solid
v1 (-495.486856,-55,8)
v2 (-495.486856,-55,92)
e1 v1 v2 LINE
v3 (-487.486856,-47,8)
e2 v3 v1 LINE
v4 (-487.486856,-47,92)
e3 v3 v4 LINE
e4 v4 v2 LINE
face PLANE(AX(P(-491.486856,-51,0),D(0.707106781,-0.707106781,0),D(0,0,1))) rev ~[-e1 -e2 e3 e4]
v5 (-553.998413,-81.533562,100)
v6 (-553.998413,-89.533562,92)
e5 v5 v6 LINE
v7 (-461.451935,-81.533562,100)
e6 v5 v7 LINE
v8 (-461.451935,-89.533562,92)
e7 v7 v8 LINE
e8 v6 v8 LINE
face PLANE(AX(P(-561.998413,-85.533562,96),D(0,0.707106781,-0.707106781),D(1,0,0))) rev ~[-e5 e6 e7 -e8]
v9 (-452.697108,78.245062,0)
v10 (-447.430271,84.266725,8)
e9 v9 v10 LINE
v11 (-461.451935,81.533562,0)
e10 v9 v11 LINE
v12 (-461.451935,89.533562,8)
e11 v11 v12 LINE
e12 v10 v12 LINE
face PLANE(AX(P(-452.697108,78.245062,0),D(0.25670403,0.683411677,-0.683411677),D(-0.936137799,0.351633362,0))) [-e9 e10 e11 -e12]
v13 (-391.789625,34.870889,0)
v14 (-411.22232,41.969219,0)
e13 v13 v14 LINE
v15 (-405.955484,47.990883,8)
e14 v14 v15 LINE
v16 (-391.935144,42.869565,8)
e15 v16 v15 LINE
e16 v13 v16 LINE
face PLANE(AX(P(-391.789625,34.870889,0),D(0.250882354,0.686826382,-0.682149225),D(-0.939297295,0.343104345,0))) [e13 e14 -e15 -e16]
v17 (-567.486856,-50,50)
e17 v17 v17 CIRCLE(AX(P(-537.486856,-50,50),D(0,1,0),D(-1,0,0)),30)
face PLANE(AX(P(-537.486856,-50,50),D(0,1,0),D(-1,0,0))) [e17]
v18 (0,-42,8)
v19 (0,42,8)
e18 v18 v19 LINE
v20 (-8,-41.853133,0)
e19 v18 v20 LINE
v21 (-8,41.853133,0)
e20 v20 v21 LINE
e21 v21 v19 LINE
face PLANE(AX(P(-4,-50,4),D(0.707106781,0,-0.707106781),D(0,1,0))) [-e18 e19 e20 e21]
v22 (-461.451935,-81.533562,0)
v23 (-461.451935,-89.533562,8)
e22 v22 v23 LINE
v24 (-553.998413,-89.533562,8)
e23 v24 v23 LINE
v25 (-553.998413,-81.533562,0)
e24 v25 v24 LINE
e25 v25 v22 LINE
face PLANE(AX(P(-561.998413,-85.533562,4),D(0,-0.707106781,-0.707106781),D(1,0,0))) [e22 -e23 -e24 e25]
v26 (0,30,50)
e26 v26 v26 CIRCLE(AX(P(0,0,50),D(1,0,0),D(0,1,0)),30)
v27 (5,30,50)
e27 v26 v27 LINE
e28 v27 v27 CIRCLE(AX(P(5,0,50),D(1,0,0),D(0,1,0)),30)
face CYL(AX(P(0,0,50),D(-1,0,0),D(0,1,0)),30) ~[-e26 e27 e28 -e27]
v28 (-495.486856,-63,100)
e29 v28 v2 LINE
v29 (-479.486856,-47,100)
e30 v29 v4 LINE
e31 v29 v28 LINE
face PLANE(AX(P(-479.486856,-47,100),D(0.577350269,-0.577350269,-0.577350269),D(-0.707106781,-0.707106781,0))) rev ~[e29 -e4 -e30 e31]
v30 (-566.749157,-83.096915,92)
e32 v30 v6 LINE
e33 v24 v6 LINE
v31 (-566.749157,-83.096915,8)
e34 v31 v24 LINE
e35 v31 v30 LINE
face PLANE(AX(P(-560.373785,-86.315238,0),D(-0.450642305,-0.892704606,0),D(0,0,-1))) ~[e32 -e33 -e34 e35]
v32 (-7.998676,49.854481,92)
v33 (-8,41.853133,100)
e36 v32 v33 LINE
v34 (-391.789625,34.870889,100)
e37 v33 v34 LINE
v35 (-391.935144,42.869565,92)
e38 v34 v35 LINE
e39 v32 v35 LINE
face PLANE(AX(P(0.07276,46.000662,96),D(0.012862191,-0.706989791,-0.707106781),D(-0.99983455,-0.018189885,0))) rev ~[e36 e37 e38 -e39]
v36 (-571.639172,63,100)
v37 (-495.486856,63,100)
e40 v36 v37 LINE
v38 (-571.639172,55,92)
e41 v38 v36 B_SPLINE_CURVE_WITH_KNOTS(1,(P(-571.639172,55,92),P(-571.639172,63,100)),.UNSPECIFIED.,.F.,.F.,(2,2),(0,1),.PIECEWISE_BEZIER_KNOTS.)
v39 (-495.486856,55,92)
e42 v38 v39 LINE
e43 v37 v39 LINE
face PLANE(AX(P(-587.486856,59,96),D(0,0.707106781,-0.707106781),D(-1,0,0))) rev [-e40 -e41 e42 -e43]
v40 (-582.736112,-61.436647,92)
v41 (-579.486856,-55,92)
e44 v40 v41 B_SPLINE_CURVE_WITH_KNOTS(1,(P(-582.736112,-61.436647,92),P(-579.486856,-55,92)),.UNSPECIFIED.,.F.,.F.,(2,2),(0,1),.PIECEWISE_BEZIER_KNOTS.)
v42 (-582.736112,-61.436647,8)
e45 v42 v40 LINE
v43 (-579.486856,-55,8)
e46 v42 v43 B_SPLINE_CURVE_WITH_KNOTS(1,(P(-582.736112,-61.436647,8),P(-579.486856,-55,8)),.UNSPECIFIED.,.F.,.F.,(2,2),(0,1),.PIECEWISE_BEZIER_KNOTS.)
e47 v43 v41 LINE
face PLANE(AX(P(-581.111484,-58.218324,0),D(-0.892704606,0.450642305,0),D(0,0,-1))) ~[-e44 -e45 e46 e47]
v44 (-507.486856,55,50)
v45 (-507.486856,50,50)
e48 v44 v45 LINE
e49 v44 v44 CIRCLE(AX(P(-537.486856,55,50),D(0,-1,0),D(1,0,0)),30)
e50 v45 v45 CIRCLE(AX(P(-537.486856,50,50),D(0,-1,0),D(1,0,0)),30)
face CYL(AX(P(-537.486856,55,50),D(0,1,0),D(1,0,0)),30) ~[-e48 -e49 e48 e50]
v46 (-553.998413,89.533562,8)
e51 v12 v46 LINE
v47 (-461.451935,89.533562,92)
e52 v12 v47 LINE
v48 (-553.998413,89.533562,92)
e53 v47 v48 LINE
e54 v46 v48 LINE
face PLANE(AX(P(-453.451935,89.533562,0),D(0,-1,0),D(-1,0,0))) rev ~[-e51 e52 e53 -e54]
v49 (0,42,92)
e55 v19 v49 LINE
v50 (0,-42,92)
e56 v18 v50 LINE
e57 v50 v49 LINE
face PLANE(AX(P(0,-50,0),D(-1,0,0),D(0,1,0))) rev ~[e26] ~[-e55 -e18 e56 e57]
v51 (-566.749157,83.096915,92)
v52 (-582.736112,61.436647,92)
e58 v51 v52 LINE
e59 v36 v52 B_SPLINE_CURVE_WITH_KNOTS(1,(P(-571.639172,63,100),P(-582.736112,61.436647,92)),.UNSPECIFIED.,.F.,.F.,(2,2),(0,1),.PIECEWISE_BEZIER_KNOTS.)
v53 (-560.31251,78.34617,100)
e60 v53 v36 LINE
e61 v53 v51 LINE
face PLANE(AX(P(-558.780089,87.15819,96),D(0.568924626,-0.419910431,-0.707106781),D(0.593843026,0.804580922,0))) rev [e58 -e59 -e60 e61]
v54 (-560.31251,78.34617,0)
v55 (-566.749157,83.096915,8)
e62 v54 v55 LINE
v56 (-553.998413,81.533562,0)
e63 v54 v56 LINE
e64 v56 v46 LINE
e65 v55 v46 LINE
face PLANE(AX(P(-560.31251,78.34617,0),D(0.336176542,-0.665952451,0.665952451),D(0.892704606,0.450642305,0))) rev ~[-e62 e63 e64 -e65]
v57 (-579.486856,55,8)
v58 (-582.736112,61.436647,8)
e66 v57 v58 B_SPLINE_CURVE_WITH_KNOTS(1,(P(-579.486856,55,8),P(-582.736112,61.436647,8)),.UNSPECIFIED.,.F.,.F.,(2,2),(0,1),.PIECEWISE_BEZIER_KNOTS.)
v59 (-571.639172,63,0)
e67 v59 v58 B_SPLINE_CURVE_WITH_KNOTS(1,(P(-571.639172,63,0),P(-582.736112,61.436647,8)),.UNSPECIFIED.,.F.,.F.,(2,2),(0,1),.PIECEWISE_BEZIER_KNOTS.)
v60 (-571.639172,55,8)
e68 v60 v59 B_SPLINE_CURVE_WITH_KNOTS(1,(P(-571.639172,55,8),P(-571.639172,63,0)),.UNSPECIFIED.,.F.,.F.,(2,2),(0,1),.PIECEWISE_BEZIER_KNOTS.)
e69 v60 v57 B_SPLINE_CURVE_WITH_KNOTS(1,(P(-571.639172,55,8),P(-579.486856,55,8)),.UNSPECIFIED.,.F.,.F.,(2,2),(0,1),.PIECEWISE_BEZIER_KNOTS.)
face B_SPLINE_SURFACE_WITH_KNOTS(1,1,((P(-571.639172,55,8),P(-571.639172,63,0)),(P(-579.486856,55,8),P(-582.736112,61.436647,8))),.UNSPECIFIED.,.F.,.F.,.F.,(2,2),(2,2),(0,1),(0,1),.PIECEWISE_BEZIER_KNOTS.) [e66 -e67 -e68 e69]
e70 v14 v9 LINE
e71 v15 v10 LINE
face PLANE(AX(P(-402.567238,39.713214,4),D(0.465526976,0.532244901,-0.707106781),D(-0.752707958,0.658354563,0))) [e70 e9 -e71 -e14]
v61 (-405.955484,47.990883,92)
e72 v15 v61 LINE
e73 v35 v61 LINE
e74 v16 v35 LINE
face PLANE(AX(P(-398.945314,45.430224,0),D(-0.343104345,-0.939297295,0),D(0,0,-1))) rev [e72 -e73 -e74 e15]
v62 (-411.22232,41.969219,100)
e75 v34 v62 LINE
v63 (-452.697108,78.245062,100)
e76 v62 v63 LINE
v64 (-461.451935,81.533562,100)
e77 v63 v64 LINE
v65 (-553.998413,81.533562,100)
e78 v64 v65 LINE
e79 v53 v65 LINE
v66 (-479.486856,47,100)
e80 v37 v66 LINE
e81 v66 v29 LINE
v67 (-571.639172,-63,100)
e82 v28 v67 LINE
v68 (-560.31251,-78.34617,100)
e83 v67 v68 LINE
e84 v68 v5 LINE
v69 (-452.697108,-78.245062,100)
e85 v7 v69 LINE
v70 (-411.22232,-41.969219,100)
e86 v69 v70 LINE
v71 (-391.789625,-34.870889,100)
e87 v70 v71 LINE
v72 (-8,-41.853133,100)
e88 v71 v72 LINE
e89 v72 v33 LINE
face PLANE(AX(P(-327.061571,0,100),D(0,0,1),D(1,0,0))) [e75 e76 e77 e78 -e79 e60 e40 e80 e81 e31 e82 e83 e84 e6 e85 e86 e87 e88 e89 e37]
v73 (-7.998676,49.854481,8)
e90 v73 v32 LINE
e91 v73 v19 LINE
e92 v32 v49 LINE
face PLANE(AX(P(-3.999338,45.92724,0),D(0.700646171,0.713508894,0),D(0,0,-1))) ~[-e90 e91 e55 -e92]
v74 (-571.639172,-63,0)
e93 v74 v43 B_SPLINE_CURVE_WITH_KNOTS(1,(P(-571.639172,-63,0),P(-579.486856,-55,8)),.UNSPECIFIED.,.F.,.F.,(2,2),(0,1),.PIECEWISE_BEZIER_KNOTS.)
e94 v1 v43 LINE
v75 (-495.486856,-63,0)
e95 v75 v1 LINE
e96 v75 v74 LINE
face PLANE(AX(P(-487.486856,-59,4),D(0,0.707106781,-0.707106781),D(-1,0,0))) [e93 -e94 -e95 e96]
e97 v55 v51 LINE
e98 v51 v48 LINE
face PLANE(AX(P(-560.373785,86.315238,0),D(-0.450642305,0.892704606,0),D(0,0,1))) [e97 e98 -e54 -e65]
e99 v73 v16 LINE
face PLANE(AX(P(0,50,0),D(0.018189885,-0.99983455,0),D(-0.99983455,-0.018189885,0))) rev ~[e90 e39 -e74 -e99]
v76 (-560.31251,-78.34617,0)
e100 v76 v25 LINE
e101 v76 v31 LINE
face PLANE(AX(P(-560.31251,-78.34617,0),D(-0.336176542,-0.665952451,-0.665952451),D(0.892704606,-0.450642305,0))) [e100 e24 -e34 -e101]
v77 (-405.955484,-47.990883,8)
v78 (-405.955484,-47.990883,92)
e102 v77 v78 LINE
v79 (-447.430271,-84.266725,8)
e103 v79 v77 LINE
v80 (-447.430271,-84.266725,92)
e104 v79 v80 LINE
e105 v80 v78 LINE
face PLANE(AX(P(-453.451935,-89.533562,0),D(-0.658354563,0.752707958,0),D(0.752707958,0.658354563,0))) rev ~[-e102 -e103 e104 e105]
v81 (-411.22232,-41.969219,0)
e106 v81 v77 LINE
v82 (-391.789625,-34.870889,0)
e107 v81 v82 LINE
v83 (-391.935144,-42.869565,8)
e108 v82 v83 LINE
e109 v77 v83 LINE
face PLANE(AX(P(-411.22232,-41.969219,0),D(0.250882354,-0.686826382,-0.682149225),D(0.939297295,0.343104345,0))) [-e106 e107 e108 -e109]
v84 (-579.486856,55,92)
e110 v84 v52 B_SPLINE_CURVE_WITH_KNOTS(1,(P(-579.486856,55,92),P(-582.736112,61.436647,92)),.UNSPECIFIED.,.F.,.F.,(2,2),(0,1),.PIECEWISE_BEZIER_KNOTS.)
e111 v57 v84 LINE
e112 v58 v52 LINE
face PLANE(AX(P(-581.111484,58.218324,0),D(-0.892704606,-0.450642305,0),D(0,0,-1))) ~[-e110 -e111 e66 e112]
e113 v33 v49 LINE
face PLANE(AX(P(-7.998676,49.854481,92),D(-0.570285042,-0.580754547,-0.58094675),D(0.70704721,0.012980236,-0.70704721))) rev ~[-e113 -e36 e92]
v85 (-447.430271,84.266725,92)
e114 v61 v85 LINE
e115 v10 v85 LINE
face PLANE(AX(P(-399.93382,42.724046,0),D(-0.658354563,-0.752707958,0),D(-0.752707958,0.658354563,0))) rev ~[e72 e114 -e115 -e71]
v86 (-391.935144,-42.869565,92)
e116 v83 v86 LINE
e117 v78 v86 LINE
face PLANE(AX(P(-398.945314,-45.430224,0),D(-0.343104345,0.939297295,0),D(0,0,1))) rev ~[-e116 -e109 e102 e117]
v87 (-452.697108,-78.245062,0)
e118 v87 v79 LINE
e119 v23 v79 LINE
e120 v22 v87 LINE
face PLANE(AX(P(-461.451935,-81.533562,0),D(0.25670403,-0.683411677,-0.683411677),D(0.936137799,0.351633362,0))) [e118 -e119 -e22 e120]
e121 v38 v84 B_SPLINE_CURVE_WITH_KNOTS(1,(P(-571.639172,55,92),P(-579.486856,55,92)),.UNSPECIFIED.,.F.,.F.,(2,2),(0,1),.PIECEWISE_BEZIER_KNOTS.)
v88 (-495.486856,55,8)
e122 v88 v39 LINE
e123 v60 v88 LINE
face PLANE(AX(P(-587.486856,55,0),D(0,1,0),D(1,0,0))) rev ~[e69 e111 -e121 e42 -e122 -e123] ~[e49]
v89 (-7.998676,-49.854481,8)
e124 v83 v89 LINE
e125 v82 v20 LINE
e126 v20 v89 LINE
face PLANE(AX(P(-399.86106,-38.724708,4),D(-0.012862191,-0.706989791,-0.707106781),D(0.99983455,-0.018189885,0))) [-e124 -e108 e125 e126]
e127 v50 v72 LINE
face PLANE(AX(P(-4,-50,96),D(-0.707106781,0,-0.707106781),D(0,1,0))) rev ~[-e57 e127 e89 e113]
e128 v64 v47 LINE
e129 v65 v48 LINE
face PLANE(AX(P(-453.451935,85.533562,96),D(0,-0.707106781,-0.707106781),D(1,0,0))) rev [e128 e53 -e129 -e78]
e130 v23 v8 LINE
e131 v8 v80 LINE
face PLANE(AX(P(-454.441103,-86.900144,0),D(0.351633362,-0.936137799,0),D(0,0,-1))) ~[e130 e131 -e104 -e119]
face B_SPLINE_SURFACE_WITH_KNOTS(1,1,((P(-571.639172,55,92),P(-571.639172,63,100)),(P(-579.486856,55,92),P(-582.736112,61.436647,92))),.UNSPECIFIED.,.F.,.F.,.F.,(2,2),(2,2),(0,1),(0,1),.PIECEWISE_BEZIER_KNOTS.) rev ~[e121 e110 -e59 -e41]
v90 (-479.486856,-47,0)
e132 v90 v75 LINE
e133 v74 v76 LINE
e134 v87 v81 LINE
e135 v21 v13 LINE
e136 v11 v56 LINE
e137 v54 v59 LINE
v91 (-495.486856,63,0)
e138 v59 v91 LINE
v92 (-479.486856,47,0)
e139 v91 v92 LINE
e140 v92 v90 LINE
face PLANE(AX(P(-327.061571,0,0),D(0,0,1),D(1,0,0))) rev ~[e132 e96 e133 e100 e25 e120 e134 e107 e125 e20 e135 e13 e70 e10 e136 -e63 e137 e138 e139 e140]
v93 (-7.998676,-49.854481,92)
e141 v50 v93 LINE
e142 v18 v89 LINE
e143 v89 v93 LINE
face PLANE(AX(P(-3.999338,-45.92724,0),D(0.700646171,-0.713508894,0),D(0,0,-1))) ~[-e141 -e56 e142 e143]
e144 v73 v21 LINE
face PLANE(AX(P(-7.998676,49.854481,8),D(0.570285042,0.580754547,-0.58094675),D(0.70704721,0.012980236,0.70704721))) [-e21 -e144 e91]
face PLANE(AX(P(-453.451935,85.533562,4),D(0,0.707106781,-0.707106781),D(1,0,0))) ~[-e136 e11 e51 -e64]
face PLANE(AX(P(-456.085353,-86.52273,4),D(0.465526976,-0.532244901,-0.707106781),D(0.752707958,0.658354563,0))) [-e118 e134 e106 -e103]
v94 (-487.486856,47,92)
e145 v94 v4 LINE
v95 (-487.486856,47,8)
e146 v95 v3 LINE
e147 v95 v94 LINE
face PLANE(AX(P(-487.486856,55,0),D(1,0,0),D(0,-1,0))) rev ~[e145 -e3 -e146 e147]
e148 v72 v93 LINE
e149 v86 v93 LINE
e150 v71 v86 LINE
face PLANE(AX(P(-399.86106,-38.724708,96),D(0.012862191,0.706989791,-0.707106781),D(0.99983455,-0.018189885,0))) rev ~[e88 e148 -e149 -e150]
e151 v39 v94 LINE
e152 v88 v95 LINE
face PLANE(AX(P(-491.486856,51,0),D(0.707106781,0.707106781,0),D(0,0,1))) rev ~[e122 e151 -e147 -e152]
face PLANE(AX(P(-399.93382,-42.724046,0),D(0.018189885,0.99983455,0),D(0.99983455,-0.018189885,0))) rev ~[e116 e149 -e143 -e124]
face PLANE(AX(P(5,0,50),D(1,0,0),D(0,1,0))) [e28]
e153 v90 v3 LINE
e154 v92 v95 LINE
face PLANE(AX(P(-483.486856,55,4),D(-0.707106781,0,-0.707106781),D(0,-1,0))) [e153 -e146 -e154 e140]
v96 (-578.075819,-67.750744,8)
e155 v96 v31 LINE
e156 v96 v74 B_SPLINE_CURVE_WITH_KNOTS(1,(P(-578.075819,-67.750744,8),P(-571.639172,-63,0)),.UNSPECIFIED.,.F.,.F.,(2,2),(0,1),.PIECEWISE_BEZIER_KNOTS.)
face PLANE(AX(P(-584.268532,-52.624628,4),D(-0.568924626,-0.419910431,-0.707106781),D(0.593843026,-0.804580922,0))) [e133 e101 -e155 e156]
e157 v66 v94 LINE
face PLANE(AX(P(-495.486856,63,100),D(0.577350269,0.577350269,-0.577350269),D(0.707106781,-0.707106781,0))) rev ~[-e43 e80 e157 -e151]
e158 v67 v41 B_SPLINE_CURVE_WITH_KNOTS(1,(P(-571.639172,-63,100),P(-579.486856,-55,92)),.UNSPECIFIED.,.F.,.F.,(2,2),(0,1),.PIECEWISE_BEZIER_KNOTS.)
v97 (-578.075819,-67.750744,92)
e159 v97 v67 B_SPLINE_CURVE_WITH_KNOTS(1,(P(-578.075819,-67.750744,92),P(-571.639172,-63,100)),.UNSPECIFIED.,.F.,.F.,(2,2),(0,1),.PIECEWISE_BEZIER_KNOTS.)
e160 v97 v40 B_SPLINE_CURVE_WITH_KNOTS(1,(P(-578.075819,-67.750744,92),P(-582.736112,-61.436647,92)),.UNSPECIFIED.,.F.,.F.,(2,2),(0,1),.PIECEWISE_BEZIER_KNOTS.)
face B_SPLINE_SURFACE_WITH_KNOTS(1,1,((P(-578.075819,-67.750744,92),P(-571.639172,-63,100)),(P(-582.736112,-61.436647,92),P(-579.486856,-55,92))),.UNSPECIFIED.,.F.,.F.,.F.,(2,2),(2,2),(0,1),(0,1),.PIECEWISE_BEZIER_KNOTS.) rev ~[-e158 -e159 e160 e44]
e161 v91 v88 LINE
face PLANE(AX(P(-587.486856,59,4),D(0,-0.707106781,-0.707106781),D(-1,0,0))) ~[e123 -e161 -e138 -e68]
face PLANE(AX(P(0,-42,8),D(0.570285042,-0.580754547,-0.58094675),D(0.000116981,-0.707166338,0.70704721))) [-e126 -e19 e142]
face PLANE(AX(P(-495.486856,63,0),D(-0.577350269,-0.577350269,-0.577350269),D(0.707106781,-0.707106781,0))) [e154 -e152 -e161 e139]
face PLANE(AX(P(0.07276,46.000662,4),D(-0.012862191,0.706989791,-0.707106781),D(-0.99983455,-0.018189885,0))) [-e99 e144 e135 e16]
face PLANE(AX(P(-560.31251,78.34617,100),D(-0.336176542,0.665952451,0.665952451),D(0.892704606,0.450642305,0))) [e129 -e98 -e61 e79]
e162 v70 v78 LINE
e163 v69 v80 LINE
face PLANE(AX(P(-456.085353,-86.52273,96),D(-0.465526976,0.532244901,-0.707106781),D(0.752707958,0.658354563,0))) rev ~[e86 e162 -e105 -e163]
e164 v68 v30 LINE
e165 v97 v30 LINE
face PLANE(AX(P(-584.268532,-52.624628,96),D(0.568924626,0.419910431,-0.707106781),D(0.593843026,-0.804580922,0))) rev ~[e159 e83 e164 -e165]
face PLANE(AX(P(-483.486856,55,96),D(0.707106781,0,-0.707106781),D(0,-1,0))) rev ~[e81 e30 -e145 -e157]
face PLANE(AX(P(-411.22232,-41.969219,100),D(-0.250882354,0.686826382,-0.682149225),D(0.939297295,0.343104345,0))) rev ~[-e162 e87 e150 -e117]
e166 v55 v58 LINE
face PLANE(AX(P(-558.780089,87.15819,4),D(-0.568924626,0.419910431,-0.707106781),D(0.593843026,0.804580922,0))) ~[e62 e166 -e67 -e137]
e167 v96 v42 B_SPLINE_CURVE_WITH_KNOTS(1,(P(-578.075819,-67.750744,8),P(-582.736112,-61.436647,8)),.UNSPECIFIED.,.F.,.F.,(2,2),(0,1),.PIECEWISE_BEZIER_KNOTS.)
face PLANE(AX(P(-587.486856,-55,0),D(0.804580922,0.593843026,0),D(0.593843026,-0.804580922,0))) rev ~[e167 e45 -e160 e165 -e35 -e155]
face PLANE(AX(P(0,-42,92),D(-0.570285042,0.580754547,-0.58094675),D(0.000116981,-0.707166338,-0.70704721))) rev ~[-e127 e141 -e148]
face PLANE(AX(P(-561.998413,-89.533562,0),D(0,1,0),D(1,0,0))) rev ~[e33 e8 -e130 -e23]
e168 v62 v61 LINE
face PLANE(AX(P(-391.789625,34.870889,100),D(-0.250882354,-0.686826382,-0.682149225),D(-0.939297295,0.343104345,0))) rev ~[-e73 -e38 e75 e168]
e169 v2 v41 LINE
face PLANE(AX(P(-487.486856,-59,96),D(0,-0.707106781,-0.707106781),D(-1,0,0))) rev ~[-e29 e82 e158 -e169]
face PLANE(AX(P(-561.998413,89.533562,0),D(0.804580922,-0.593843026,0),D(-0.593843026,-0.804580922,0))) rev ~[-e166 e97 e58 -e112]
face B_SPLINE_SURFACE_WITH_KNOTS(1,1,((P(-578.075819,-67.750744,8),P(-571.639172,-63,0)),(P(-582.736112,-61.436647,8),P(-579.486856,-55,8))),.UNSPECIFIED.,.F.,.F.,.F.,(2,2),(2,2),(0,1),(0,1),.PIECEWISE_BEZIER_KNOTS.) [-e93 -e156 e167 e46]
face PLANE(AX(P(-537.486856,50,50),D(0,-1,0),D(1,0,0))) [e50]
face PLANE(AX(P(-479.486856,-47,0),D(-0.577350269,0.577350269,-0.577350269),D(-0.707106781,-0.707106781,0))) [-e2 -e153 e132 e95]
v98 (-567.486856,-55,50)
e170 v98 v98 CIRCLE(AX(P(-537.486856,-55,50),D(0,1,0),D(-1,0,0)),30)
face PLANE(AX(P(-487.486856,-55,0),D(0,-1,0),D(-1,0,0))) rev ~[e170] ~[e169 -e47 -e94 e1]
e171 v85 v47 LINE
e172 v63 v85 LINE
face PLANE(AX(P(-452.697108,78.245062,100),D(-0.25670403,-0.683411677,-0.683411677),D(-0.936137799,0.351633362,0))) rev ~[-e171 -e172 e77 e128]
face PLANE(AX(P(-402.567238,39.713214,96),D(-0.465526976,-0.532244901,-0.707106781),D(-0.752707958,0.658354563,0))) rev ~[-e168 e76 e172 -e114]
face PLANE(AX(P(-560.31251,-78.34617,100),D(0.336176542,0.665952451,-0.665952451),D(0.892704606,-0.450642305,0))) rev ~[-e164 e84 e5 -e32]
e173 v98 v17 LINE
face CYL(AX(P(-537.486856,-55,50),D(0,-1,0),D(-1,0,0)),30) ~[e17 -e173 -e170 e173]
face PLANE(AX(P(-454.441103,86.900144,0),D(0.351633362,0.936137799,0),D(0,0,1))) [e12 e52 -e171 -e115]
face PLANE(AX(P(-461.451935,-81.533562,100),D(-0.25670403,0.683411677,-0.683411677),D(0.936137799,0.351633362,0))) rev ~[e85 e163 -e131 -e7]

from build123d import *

# Parameters (mm, degrees)
PAD_DEPTH    = 100
SKETCH001_R  = 30
PAD001_DEPTH = 5
SKETCH002_R  = 30
PAD002_DEPTH = 5
SKETCH003_R  = 30
PAD003_DEPTH = 5
CHAMFER_SIZE = 8


with BuildPart() as part:
    # Sketch → Pad (new body)
    with BuildSketch(Plane.XY):
        Polygon((-561.998413, 89.533562), (-587.486856, 55), (-487.486856, 55), (-487.486856, -55), (-587.486856, -55), (-561.998413, -89.533562), (-453.451935, -89.533562), (-399.93382, -42.724046), (0, -50), (0, 50), (-399.93382, 42.724046), (-453.451935, 89.533562), align=None)
    extrude(amount=PAD_DEPTH)

    # Sketch001 (on Face9 of Pad) → Pad001 (join)
    with BuildSketch(Plane.YZ):
        with Locations((0, 50)):
            Circle(SKETCH001_R)
    extrude(amount=PAD001_DEPTH)

    # Sketch002 (on Face3 of Pad001) → Pad002 (join)
    with BuildSketch(Plane.XZ.offset(-55)):
        with Locations((-537.486856, 50)):
            Circle(SKETCH002_R)
    extrude(amount=PAD002_DEPTH)

    # Sketch003 (on Face9 of Pad002) → Pad003 (join)
    with BuildSketch(Plane(origin=(0, -55, 0), x_dir=(-1, 0, 0), z_dir=(0, 1, 0))):
        with Locations((537.486856, 50)):
            Circle(SKETCH003_R)
    extrude(amount=PAD003_DEPTH)

    # Chamfer
    chamfer_edges = [part.edges().sort_by_distance(p)[0] for p in [
        (-574.742634, 72.266781, 100),
        (-537.486856, 55, 100),
        (-487.486856, 0, 100),
        (-537.486856, -55, 100),
        (-574.742634, -72.266781, 100),
        (-507.725174, -89.533562, 100),
        (-426.692878, -66.128804, 100),
        (-199.96691, -46.362023, 100),
        (0, 0, 100),
        (-199.96691, 46.362023, 100),
        (-426.692878, 66.128804, 100),
        (-507.725174, 89.533562, 100),
        (-574.742634, 72.266781, 0),
        (-537.486856, 55, 0),
        (-487.486856, 0, 0),
        (-537.486856, -55, 0),
        (-574.742634, -72.266781, 0),
        (-507.725174, -89.533562, 0),
        (-426.692878, -66.128804, 0),
        (-199.96691, -46.362023, 0),
        (0, 0, 0),
        (-199.96691, 46.362023, 0),
        (-426.692878, 66.128804, 0),
        (-507.725174, 89.533562, 0),
        (-561.998413, -89.533562, 50),
        (-453.451935, -89.533562, 50),
        (-399.93382, -42.724046, 50),
        (0, -50, 50),
        (0, 50, 50),
        (-399.93382, 42.724046, 50),
        (-453.451935, 89.533562, 50),
        (-561.998413, 89.533562, 50),
        (-487.486856, 55, 50),
        (-487.486856, -55, 50),
        (-587.486856, 55, 50),
        (-587.486856, -55, 50),
    ]]
    chamfer(chamfer_edges, length=CHAMFER_SIZE)


solid = part.part
